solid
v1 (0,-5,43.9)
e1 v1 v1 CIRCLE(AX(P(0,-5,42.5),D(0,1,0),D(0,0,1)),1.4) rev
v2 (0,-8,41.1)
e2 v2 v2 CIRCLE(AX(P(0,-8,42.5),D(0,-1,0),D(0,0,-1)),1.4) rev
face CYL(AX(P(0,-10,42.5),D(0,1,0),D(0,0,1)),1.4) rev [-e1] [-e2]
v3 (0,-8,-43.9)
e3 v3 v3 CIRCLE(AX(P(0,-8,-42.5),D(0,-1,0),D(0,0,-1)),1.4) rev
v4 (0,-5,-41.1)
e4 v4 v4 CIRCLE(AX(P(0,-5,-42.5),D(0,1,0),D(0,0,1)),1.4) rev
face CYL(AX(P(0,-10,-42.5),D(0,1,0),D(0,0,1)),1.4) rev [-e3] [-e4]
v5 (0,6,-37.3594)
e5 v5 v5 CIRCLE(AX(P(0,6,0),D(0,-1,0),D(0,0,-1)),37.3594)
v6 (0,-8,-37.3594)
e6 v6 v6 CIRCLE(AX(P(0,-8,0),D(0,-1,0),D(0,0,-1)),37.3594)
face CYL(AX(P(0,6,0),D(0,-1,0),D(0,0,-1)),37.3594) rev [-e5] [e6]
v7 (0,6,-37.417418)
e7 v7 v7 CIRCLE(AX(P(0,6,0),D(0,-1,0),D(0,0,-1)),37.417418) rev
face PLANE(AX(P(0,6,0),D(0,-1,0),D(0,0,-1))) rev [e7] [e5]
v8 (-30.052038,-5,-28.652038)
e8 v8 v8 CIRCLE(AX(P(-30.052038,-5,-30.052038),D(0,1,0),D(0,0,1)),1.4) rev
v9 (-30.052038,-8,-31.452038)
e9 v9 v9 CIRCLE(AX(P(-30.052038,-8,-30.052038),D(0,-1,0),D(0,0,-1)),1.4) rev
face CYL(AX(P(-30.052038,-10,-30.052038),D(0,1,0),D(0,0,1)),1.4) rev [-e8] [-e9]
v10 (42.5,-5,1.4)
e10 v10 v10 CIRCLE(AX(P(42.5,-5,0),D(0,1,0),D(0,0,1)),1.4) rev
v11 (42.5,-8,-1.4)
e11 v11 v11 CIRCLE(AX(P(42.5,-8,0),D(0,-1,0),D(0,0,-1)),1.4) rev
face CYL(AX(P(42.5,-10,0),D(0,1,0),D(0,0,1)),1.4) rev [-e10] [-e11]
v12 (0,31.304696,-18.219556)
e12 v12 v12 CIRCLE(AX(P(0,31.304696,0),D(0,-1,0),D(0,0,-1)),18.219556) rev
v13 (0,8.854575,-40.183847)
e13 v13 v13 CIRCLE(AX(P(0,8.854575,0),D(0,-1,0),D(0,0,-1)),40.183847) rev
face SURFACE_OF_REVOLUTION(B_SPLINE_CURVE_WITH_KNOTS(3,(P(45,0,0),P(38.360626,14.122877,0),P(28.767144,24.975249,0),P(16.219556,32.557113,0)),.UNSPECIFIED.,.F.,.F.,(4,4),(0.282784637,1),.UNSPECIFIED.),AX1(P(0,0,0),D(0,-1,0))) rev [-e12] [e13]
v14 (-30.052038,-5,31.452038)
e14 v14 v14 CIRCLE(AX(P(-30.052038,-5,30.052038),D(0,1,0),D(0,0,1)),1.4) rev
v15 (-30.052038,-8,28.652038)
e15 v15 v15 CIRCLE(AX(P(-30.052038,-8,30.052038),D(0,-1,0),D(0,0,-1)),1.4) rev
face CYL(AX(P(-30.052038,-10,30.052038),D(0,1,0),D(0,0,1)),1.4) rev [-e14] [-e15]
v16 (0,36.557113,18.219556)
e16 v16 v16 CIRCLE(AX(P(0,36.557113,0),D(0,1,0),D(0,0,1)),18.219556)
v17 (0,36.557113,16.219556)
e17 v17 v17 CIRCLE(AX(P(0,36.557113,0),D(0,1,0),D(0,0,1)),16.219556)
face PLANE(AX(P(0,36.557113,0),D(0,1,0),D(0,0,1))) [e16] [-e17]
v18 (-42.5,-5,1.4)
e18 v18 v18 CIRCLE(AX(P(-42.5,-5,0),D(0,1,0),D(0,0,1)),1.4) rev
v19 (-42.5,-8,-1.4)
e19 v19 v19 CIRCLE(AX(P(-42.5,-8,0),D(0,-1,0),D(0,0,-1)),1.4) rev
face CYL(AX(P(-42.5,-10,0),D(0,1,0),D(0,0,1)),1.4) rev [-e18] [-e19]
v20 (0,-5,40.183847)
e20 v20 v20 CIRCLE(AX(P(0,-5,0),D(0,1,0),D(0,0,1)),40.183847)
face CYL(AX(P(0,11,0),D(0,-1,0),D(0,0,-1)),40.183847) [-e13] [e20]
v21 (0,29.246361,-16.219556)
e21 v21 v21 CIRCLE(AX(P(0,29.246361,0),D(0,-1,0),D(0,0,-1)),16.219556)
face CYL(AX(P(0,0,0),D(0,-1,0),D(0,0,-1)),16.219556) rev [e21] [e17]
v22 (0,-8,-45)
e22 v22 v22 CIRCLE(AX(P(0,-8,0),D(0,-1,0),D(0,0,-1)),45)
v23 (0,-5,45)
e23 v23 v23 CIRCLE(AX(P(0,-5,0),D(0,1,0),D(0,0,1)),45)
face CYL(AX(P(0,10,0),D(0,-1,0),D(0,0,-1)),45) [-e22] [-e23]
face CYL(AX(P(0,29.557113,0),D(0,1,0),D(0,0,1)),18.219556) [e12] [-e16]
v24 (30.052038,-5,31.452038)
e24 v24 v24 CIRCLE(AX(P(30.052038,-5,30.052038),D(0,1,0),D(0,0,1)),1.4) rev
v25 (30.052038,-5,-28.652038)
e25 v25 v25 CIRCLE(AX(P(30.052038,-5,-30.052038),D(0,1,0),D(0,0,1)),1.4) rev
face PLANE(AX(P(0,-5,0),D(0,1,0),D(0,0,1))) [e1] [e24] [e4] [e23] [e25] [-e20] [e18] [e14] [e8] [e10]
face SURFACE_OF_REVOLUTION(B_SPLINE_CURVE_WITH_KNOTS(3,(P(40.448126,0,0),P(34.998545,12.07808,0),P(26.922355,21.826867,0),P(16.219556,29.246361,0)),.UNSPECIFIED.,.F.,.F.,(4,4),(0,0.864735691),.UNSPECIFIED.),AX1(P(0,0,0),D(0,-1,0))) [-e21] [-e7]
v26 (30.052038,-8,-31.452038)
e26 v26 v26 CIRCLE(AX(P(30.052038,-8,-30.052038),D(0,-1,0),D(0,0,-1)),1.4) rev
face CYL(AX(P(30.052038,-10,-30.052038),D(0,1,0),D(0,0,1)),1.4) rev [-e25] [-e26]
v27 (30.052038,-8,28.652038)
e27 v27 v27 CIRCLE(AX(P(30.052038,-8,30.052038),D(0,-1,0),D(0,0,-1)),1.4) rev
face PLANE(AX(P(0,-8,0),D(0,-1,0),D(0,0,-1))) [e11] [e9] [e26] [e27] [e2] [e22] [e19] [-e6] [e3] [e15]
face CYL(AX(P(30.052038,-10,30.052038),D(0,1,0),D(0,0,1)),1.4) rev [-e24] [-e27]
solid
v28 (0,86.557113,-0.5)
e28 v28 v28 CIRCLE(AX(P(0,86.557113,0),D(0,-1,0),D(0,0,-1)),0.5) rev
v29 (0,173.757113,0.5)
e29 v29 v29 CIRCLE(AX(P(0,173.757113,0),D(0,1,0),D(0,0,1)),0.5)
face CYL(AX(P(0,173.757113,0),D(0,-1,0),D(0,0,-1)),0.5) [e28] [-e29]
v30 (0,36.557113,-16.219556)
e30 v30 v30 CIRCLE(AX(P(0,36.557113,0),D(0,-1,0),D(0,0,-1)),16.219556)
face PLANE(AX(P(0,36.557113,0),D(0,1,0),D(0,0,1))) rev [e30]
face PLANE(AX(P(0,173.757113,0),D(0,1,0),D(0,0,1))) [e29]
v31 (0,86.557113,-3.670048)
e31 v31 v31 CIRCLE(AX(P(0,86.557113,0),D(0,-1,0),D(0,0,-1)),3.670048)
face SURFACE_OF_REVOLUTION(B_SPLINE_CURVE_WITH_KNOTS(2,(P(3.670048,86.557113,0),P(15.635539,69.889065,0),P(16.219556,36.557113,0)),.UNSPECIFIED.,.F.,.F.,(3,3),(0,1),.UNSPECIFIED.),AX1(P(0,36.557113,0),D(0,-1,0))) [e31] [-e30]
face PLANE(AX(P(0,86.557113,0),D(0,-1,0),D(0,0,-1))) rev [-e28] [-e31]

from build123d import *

# Parameters (mm, degrees)
SKETCH3_R                = 45
SKETCH3_R_2              = 37.359399673
BOSS_EXTRUDE2_DEPTH      = 6
SKETCH6_R                = 41.88975279
SKETCH6_R_2              = 40.183847225
CUT_EXTRUDE1_DEPTH       = 5
SKETCH7_R                = 47
SKETCH7_R_2              = 37.359399673
BOSS_EXTRUDE4_DEPTH      = 6
SKETCH4_R                = 1.4
CUT_EXTRUDE2_DEPTH       = 6
SKETCH8_R                = 47
SKETCH8_R_2              = 45
CUT_EXTRUDE3_DEPTH       = 10
SKETCH9_R                = 45
SKETCH9_R_2              = 37.359399673
CUT_EXTRUDE4_DEPTH       = 4
BOSS_EXTRUDE5_DEPTH      = 4
BOSS_EXTRUDE5_DEPTH_BACK = 3
SKETCH10_R               = 18.219556271
SKETCH10_R_2             = 16.219556271
BOSS_EXTRUDE6_DEPTH      = 8
BOSS_EXTRUDE6_DEPTH_BACK = 5
SKETCH9_2_R              = 45
SKETCH9_2_R_2            = 37.359399673
CUT_EXTRUDE5_START       = -11
SKETCH13_R               = 45
SKETCH13_R_2             = 40.183847225
CUT_EXTRUDE5_DEPTH       = 11
SKETCH4_2_R              = 1.4
CUT_EXTRUDE6_DEPTH       = 10
SKETCH16_R               = 0.5
BOSS_EXTRUDE8_DEPTH      = 87.2


with BuildPart() as part:
    # Sketch1 → Revolve1 (revolve)
    with BuildSketch(Plane.XY):
        with BuildLine():
            Line((0, 0), (0, 32.557113406))
            Line((0, 32.557113406), (16.219556271, 32.557113406))
            add(Edge.make_bspline(
                [(16.219556271, 32.557113406), (28.767144336, 24.975248592), (38.36062558, 14.122877456), (45, 0)],
                knots=[0.282784637, 0.282784637, 0.282784637, 0.282784637, 1, 1, 1, 1], degree=3))
            Line((45, 0), (0, 0))
        make_face()
    revolve(axis=Axis((0, 0, 0), (0, 1, 0)))

    # Sketch2 → Cut-Revolve1 (revolve, cut)
    with BuildSketch(Plane.XY):
        with BuildLine():
            Line((16.219556271, 32.557113406), (16.219556271, 29.246360927))
            add(Edge.make_bspline(
                [(40.448126072, 0), (34.99854468, 12.078079845), (26.922354747, 21.826866821), (16.219556271, 29.246360927)],
                knots=[0, 0, 0, 0, 0.864735691, 0.864735691, 0.864735691, 0.864735691], degree=3))
            Line((40.448126072, 0), (0, 0))
            Line((0, 0), (0, 32.557113406))
            Line((0, 32.557113406), (16.219556271, 32.557113406))
        make_face()
    revolve(axis=Axis((0, 0, 0), (0, 1, 0)), mode=Mode.SUBTRACT)

    # Sketch3 → Boss-Extrude2 (add)
    with BuildSketch(Plane(origin=(0, 0, 0), x_dir=(-1, 0, 0), z_dir=(0, -1, 0))):
        Circle(SKETCH3_R)
        Circle(SKETCH3_R_2, mode=Mode.SUBTRACT)
    extrude(amount=-BOSS_EXTRUDE2_DEPTH)

    # Sketch6 → Cut-Extrude1 (cut)
    with BuildSketch(Plane(origin=(0, 6, 0), x_dir=(-1, 0, 0), z_dir=(0, -1, 0))):
        Circle(SKETCH6_R)
        Circle(SKETCH6_R_2, mode=Mode.SUBTRACT)
    extrude(amount=-CUT_EXTRUDE1_DEPTH, mode=Mode.SUBTRACT)

    # Sketch7 → Boss-Extrude4 (add)
    with BuildSketch(Plane(origin=(0, 0, 0), x_dir=(-1, 0, 0), z_dir=(0, -1, 0))):
        Circle(SKETCH7_R)
        Circle(SKETCH7_R_2, mode=Mode.SUBTRACT)
    extrude(amount=-BOSS_EXTRUDE4_DEPTH)

    # Sketch4 → Cut-Extrude2 (cut)
    with BuildSketch(Plane(origin=(0, 0, 0), x_dir=(-1, 0, 0), z_dir=(0, -1, 0))):
        with Locations((-42.5, 0)):
            Circle(SKETCH4_R)
        with Locations((-30.0520382, -30.0520382)):
            Circle(SKETCH4_R)
        with Locations((0, -42.5)):
            Circle(SKETCH4_R)
        with Locations((30.0520382, -30.0520382)):
            Circle(SKETCH4_R)
        with Locations((42.5, 0)):
            Circle(SKETCH4_R)
        with Locations((30.0520382, 30.0520382)):
            Circle(SKETCH4_R)
        with Locations((0, 42.5)):
            Circle(SKETCH4_R)
        with Locations((-30.0520382, 30.0520382)):
            Circle(SKETCH4_R)
    extrude(amount=-CUT_EXTRUDE2_DEPTH, mode=Mode.SUBTRACT)

    # Sketch8 → Cut-Extrude3 (cut)
    with BuildSketch(Plane(origin=(0, 0, 0), x_dir=(-1, 0, 0), z_dir=(0, -1, 0))):
        Circle(SKETCH8_R)
        Circle(SKETCH8_R_2, mode=Mode.SUBTRACT)
    extrude(amount=-CUT_EXTRUDE3_DEPTH, mode=Mode.SUBTRACT)

    # Sketch9 → Cut-Extrude4 (cut)
    with BuildSketch(Plane(origin=(0, 0, 0), x_dir=(-1, 0, 0), z_dir=(0, -1, 0))):
        Circle(SKETCH9_R)
        Circle(SKETCH9_R_2, mode=Mode.SUBTRACT)
    extrude(amount=-CUT_EXTRUDE4_DEPTH, mode=Mode.SUBTRACT)

    # Sketch10 → Boss-Extrude5 (add, two sides: drawn at the far end of the back side and taken through both)
    with BuildSketch(Plane(origin=(0, 32.557113406, 0), x_dir=(1, 0, 0), z_dir=(0, 1, 0)).offset(-BOSS_EXTRUDE5_DEPTH_BACK)):
        Circle(SKETCH10_R)
        Circle(SKETCH10_R_2, mode=Mode.SUBTRACT)
    extrude(amount=BOSS_EXTRUDE5_DEPTH + BOSS_EXTRUDE5_DEPTH_BACK)

    # Sketch9<2> → Boss-Extrude6 (add, two sides: drawn at the far end of the back side and taken through both)
    with BuildSketch(Plane(origin=(0, 0, 0), x_dir=(-1, 0, 0), z_dir=(0, -1, 0)).offset(-BOSS_EXTRUDE6_DEPTH_BACK)):
        Circle(SKETCH9_2_R)
        Circle(SKETCH9_2_R_2, mode=Mode.SUBTRACT)
    extrude(amount=BOSS_EXTRUDE6_DEPTH + BOSS_EXTRUDE6_DEPTH_BACK)

    # Sketch13 → Cut-Extrude5 (cut)
    with BuildSketch(Plane(origin=(0, 6, 0), x_dir=(1, 0, 0), z_dir=(0, 1, 0)).offset(CUT_EXTRUDE5_START)):
        Circle(SKETCH13_R)
        Circle(SKETCH13_R_2, mode=Mode.SUBTRACT)
    extrude(amount=CUT_EXTRUDE5_DEPTH, mode=Mode.SUBTRACT)

    # Sketch4<2> → Cut-Extrude6 (cut)
    with BuildSketch(Plane(origin=(0, 0, 0), x_dir=(-1, 0, 0), z_dir=(0, -1, 0))):
        with Locations((-42.5, 0)):
            Circle(SKETCH4_2_R)
        with Locations((-30.0520382, -30.0520382)):
            Circle(SKETCH4_2_R)
        with Locations((0, -42.5)):
            Circle(SKETCH4_2_R)
        with Locations((30.0520382, -30.0520382)):
            Circle(SKETCH4_2_R)
        with Locations((42.5, 0)):
            Circle(SKETCH4_2_R)
        with Locations((30.0520382, 30.0520382)):
            Circle(SKETCH4_2_R)
        with Locations((0, 42.5)):
            Circle(SKETCH4_2_R)
        with Locations((-30.0520382, 30.0520382)):
            Circle(SKETCH4_2_R)
    extrude(amount=CUT_EXTRUDE6_DEPTH, mode=Mode.SUBTRACT)


with BuildPart() as body_2:
    # Sketch15 → Revolve2 (revolve)
    with BuildSketch(Plane.XY):
        with BuildLine():
            Line((0, 86.557113406), (0, 36.557113406))
            Line((0, 36.557113406), (16.219556271, 36.557113406))
            add(Edge.make_bspline(
                [(3.670047802, 86.557113406), (15.635539023, 69.889064581), (16.219556271, 36.557113406)],
                knots=[0, 0, 0, 1, 1, 1], degree=2))
            Line((3.670047802, 86.557113406), (0, 86.557113406))
        make_face()
    revolve(axis=Axis((0, 36.557113406, 0), (0, 1, 0)))

    # Sketch16 → Boss-Extrude8 (add)
    with BuildSketch(Plane(origin=(0, 86.557113406, 0), x_dir=(1, 0, 0), z_dir=(0, 1, 0))):
        Circle(SKETCH16_R)
    extrude(amount=BOSS_EXTRUDE8_DEPTH)


solid = Compound([part.part, body_2.part])
